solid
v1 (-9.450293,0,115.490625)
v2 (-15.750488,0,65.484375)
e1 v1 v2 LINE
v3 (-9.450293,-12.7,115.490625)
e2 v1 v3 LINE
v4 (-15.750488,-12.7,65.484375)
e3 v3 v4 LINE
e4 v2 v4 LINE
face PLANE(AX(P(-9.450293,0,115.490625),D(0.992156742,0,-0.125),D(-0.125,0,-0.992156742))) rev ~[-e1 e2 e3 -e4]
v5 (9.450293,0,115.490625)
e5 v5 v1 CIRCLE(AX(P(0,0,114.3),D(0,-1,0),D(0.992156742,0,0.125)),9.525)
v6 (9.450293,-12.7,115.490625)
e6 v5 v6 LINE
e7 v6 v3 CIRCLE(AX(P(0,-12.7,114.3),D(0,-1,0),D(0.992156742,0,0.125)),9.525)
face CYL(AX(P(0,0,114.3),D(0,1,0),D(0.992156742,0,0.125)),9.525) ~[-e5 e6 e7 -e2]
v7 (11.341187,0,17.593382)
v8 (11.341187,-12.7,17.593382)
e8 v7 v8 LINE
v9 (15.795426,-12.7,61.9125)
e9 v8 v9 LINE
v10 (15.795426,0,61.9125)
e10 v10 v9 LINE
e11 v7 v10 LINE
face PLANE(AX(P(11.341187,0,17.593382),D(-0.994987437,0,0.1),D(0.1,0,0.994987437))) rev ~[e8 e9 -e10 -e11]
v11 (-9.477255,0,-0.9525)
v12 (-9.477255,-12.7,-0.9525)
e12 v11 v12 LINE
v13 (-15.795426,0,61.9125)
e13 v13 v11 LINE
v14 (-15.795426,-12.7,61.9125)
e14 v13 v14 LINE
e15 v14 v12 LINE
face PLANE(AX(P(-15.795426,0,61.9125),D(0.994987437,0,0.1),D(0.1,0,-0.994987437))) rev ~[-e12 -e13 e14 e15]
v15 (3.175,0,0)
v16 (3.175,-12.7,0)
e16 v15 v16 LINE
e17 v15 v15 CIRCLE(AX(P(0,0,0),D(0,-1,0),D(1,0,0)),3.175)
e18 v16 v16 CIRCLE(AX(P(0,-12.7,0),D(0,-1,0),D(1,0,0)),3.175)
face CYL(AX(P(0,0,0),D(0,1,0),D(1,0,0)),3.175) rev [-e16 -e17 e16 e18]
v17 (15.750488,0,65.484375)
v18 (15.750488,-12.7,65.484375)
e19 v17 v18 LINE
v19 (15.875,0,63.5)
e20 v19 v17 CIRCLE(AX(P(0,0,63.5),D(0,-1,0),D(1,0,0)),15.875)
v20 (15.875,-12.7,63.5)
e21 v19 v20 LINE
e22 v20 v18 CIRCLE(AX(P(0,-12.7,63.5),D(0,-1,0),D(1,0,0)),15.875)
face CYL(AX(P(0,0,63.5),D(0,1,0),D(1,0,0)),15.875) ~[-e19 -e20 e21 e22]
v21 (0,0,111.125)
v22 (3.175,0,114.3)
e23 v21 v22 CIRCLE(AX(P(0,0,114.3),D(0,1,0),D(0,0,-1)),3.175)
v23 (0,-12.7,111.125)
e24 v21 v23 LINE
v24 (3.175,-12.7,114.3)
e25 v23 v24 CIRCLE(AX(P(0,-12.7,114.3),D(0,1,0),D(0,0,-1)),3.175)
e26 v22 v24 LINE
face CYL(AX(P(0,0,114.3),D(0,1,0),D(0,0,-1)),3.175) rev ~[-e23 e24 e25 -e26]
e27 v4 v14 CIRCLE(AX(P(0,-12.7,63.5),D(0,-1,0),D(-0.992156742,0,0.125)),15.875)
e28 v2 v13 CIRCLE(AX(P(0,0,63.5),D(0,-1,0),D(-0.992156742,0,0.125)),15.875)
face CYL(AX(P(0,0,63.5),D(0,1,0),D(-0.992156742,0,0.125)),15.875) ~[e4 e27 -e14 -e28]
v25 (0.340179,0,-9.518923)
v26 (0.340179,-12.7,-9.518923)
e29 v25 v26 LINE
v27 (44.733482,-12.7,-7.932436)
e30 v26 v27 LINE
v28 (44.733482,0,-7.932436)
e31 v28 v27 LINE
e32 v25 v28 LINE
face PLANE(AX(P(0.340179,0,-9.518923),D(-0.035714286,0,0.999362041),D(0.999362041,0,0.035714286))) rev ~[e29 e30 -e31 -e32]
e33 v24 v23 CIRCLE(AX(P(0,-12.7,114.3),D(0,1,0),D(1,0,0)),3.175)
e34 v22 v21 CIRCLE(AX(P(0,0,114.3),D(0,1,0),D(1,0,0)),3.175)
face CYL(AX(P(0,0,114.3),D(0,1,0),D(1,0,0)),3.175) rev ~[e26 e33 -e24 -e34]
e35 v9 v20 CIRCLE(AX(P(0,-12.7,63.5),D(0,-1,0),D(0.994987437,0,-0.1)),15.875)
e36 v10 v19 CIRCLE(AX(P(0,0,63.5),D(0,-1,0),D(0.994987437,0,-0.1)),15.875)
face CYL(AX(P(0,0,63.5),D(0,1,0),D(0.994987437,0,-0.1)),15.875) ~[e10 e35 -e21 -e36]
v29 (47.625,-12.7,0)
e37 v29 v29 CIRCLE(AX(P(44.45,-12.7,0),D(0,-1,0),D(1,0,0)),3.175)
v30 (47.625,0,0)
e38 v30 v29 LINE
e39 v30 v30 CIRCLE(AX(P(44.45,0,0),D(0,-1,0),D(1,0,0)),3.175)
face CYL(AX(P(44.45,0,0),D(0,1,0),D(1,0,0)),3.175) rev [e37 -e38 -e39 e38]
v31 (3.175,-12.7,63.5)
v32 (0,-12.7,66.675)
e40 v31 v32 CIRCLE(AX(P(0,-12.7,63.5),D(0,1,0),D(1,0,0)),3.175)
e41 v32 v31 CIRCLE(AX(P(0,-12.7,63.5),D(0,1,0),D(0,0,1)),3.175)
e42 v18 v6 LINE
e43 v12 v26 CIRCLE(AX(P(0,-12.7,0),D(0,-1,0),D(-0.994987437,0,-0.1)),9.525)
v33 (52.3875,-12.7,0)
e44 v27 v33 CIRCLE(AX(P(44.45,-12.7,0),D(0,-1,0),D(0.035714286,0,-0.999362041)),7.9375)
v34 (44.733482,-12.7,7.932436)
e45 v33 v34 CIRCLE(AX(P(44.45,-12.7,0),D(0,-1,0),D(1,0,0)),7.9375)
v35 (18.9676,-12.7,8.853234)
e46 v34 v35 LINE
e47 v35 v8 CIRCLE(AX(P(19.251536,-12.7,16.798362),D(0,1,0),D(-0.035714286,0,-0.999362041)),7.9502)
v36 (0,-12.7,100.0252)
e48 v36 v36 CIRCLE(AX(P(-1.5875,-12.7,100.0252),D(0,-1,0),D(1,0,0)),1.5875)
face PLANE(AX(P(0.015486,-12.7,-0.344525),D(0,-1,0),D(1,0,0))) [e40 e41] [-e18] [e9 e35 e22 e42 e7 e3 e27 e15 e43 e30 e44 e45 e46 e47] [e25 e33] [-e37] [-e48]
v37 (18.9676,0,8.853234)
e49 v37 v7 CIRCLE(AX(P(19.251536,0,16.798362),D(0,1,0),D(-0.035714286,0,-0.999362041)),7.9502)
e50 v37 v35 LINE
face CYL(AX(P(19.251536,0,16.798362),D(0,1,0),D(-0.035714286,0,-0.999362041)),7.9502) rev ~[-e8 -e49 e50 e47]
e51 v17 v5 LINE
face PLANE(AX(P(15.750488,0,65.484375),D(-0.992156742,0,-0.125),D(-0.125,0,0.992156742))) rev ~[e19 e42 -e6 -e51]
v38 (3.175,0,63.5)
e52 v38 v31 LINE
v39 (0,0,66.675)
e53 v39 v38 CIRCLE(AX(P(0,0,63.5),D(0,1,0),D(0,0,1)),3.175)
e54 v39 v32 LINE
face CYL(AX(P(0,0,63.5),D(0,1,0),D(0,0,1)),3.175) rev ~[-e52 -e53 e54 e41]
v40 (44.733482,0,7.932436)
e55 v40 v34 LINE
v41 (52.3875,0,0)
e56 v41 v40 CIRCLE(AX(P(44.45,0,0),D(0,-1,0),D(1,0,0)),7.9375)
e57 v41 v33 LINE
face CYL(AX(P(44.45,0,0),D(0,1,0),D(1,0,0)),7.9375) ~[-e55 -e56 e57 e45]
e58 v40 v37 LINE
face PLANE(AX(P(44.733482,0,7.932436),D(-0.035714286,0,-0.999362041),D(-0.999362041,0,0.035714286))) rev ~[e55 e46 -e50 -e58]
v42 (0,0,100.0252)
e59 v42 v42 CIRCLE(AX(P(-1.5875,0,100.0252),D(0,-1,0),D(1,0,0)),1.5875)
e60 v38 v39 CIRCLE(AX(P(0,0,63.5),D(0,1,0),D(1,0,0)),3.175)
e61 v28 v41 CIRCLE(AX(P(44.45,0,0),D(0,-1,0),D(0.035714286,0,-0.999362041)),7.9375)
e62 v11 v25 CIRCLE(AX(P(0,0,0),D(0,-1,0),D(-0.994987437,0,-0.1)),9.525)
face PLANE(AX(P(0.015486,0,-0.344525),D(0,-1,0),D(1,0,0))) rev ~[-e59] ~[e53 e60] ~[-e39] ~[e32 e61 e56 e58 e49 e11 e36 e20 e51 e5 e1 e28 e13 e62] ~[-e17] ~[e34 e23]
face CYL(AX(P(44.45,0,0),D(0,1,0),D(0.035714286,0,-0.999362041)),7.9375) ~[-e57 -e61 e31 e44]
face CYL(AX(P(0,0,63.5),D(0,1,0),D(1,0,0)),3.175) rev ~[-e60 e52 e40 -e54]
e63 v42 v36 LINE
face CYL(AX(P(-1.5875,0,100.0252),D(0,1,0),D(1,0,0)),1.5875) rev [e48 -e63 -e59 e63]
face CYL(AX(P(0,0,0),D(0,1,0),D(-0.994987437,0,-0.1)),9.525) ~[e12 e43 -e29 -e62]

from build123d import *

# Parameters (mm, degrees)
F0_R     = 3.175
F1_DEPTH = 12.7
F0_R_2   = 1.5875


with BuildPart() as f1:
    # F0 (on Front) → F1 (new body)
    with BuildSketch(Plane.XZ):
        with Locations((-96.8591794372, -59.9242933095)):
            Circle(F0_R)
    extrude(amount=F1_DEPTH)


with BuildPart() as f1b:
    # F0 (on Front) → F1, piece 2 (new body)
    with BuildSketch(Plane.XZ):
        with BuildLine():
            ThreePointArc((9.525, 0), (-0.4768479324, 9.5130563464), (-9.4772553384, -0.9525))
            ThreePointArc((-9.4772553384, -0.9525), (-6.2623833816, -7.1769199091), (0.3401785714, -9.5189234444))
            ThreePointArc((0.3401785714, -9.5189234444), (6.8544082857, -6.6138273378), (9.525, 0))
        make_face()
        Circle(F0_R, mode=Mode.SUBTRACT)
        with BuildLine():
            ThreePointArc((52.3875, 0), (50.1620069047, 5.5115227815), (44.7334821429, 7.9324362036))
            ThreePointArc((44.7334821429, 7.9324362036), (36.5125, 0), (44.7334821429, -7.9324362036))
            ThreePointArc((44.7334821429, -7.9324362036), (50.1620069047, -5.5115227815), (52.3875, 0))
        make_face()
        with Locations((44.45, 0)):
            Circle(F0_R, mode=Mode.SUBTRACT)
        with BuildLine():
            Line((11.3411865923, 17.5933818124), (15.7954255641, 61.9125))
            ThreePointArc((15.7954255641, 61.9125), (0, 47.625), (-15.7954255641, 61.9125))
            Line((-15.7954255641, 61.9125), (-9.4772553384, -0.9525))
            ThreePointArc((-9.4772553384, -0.9525), (-0.4768479324, 9.5130563464), (9.525, 0))
            ThreePointArc((9.525, 0), (6.8544082857, -6.6138273378), (0.3401785714, -9.5189234444))
            Line((0.3401785714, -9.5189234444), (44.7334821429, -7.9324362036))
            ThreePointArc((44.7334821429, -7.9324362036), (36.5125, 0), (44.7334821429, 7.9324362036))
            Line((44.7334821429, 7.9324362036), (18.9676000005, 8.8532337108))
            ThreePointArc((18.9676000005, 8.8532337108), (13.2611998974, 11.5713591498), (11.3411865923, 17.5933818124))
        make_face()
        with BuildLine():
            ThreePointArc((0, 79.375), (10.5003255158, 75.40625), (15.7504882737, 65.484375))
            Line((15.7504882737, 65.484375), (9.4502929642, 115.490625))
            ThreePointArc((9.4502929642, 115.490625), (9.5063048942, 114.896483242), (9.525, 114.3))
            ThreePointArc((9.525, 114.3), (6.7351920908, 107.5648079092), (0, 104.775))
            Line((0, 104.775), (0, 100.0252))
            Line((0, 100.0252), (0, 79.375))
        make_face()
        with BuildLine():
            ThreePointArc((9.525, 114.3), (9.5063048942, 114.896483242), (9.4502929642, 115.490625))
            ThreePointArc((9.4502929642, 115.490625), (0, 123.825), (-9.4502929642, 115.490625))
            ThreePointArc((-9.4502929642, 115.490625), (-7.14375, 107.9998046905), (0, 104.775))
            ThreePointArc((0, 104.775), (6.7351920908, 107.5648079092), (9.525, 114.3))
        make_face()
        with BuildLine():
            ThreePointArc((3.175, 114.3), (2.2450640303, 112.0549359697), (0, 111.125))
            ThreePointArc((0, 111.125), (-2.2450640303, 116.5450640303), (3.175, 114.3))
        make_face(mode=Mode.SUBTRACT)
        with BuildLine():
            ThreePointArc((15.7954255641, 61.9125), (15.8550939106, 62.7052534459), (15.875, 63.5))
            ThreePointArc((15.875, 63.5), (15.8438414904, 64.4941387366), (15.7504882737, 65.484375))
            ThreePointArc((15.7504882737, 65.484375), (10.5003255158, 75.40625), (0, 79.375))
            ThreePointArc((0, 79.375), (-10.5003255158, 75.40625), (-15.7504882737, 65.484375))
            ThreePointArc((-15.7504882737, 65.484375), (-15.8737438155, 63.6997054867), (-15.7954255641, 61.9125))
            ThreePointArc((-15.7954255641, 61.9125), (0, 47.625), (15.7954255641, 61.9125))
        make_face()
        with BuildLine():
            ThreePointArc((3.175, 63.5), (-2.2450640303, 61.2549359697), (0, 66.675))
            ThreePointArc((0, 66.675), (2.2450640303, 65.7450640303), (3.175, 63.5))
        make_face(mode=Mode.SUBTRACT)
        with BuildLine():
            ThreePointArc((-15.7504882737, 65.484375), (-10.5003255158, 75.40625), (0, 79.375))
            Line((0, 79.375), (0, 100.0252))
            Line((0, 100.0252), (0, 104.775))
            ThreePointArc((0, 104.775), (-7.14375, 107.9998046905), (-9.4502929642, 115.490625))
            Line((-9.4502929642, 115.490625), (-15.7504882737, 65.484375))
        make_face()
        with Locations((-1.5875, 100.0252)):
            Circle(F0_R_2, mode=Mode.SUBTRACT)
    extrude(amount=F1_DEPTH)


solid = f1b.part
